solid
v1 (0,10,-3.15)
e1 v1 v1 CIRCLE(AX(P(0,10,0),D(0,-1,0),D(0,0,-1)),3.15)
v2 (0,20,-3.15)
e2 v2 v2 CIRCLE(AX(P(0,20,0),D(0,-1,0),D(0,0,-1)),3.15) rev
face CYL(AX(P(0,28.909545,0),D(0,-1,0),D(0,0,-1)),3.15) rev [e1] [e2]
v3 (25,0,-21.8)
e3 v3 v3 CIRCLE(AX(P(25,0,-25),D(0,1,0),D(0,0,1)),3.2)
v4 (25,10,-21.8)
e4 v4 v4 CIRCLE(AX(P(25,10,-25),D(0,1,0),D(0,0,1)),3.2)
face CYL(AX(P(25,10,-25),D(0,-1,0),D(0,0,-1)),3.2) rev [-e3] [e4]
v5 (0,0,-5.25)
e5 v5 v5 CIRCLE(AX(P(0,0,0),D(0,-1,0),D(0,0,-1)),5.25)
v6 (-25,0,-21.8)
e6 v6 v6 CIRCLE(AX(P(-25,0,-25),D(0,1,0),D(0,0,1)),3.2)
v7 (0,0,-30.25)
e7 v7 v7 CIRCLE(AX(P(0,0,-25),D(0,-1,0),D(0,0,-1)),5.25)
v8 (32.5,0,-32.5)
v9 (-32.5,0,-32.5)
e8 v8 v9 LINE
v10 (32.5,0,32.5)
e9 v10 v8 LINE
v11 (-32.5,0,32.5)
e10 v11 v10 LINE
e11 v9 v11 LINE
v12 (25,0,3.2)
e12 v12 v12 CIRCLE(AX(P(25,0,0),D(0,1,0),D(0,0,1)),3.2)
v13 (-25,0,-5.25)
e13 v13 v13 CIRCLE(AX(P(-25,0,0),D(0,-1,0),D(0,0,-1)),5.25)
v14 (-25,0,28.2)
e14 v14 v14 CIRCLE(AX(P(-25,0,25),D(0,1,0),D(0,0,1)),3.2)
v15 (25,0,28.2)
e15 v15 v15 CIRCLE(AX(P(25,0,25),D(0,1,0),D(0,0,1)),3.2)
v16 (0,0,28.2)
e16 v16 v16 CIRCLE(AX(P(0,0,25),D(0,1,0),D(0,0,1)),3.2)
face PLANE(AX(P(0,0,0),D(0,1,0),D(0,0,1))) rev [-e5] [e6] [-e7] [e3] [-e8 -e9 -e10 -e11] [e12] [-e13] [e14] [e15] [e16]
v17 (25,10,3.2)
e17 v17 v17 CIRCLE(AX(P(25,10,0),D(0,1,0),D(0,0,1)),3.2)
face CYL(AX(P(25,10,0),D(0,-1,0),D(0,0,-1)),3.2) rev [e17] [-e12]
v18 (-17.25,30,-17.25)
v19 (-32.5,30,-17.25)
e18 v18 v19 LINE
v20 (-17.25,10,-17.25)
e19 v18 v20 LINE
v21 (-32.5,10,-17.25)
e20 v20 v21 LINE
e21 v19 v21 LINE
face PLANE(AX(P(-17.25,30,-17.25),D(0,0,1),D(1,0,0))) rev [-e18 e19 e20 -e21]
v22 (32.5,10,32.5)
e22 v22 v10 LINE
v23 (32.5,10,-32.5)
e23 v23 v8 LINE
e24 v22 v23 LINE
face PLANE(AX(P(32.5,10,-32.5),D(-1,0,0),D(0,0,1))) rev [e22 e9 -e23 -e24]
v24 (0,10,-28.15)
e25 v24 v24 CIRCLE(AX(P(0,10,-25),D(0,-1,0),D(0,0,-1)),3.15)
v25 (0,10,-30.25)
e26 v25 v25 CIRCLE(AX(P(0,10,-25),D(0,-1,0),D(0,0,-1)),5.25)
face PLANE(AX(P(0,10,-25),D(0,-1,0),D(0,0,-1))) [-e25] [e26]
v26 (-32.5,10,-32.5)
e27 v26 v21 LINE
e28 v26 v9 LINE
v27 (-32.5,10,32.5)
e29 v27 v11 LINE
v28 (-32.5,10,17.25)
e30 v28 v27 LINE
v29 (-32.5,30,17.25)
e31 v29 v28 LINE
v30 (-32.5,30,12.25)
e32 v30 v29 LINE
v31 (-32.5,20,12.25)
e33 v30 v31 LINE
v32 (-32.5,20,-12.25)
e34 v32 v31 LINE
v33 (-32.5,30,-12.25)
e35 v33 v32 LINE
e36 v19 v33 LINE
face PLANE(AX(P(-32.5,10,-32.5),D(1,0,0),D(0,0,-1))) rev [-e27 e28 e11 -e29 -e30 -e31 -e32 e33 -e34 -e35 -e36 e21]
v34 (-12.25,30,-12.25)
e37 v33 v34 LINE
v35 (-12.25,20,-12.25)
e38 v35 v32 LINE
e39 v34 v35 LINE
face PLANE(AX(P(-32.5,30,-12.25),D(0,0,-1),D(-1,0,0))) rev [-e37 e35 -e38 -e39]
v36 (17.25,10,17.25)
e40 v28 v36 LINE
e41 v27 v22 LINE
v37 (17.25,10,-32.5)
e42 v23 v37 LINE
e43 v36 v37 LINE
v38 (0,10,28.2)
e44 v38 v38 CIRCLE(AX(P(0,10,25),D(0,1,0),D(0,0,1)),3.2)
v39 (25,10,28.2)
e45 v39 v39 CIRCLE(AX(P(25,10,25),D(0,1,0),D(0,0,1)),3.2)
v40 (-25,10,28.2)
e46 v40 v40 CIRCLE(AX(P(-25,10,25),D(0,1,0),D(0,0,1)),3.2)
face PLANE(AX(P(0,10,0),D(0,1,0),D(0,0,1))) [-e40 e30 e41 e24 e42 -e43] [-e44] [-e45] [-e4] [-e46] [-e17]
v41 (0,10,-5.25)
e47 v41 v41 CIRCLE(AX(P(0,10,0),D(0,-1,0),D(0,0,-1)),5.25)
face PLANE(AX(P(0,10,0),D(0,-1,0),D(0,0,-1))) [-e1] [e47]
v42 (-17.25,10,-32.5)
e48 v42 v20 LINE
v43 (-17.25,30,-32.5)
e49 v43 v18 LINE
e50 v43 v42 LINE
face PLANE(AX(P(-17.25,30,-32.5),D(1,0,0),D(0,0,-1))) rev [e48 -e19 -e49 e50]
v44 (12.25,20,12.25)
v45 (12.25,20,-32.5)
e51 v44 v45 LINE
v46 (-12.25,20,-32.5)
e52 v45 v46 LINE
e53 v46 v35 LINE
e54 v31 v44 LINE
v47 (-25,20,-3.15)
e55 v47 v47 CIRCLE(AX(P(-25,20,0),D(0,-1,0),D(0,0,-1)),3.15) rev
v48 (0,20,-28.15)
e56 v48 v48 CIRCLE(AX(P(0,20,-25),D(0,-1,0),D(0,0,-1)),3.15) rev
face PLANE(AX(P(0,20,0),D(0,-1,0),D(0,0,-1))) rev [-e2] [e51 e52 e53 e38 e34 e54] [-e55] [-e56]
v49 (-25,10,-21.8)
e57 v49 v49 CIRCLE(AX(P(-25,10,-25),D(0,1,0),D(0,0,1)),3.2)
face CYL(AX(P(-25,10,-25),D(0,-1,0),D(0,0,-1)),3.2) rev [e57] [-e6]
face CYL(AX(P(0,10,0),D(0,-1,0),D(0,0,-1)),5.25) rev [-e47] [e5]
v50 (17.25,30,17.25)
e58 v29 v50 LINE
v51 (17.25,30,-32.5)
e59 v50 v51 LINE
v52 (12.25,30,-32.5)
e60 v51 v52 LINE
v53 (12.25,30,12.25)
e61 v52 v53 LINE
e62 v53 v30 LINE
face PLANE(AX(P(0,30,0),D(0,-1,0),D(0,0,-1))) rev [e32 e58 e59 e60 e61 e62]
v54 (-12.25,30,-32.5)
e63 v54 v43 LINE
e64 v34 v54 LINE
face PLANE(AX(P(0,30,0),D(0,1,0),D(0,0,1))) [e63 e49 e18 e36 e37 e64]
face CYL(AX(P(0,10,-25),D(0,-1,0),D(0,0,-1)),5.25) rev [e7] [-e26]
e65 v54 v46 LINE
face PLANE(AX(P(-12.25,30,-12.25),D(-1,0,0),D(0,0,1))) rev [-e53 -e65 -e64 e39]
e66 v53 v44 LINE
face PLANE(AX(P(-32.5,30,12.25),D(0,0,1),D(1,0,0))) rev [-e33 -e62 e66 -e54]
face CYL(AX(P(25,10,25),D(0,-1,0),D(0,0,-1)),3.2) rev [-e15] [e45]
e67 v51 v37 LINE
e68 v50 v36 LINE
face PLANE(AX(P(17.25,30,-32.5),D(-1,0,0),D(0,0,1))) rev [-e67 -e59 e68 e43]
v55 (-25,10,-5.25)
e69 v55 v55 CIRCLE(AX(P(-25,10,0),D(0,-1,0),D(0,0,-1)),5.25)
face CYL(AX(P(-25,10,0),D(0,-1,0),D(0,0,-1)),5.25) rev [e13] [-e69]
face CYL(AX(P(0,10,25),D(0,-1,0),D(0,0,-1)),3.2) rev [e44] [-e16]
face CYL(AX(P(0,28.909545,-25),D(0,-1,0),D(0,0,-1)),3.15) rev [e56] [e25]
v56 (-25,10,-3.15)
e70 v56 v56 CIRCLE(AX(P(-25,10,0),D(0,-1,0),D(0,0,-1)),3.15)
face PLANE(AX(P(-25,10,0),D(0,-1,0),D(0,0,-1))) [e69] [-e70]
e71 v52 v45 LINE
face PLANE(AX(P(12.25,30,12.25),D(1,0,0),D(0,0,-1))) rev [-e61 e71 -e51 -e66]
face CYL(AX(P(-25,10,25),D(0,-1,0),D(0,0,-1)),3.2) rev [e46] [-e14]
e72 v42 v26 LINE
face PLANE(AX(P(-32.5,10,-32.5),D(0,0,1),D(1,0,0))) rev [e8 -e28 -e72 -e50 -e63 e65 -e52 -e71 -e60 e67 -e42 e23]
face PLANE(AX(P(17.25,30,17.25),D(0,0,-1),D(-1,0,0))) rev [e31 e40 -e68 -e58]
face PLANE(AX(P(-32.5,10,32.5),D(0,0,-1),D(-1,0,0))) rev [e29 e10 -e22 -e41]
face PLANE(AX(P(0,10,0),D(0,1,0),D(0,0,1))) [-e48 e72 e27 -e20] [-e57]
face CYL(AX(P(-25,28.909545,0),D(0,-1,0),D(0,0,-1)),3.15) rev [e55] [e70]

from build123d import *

# Parameters (mm, degrees)
SKETCH_1_W          = 65
SKETCH_1_H          = 65
SKETCH_1_R          = 3.2
EXTRUDE_1_DEPTH     = 10
EXTRUDE_3_DEPTH     = 10
SKETCH_4_R          = 5.25
CUT_EXTRUDE_1_DEPTH = 10
SKETCH_5_R          = 3.15
CUT_EXTRUDE_2_DEPTH = 20
EXTRUDE_4_DEPTH     = 20


with BuildPart() as part:
    # 스케치1 → 보스-돌출1 (new body)
    with BuildSketch(Plane(origin=(0, 0, 0), x_dir=(1, 0, 0), z_dir=(0, 1, 0))):
        Rectangle(SKETCH_1_W, SKETCH_1_H)
        with Locations((25, 0)):
            Circle(SKETCH_1_R, mode=Mode.SUBTRACT)
        with Locations((0, -25)):
            Circle(SKETCH_1_R, mode=Mode.SUBTRACT)
        with Locations((25, 25)):
            Circle(SKETCH_1_R, mode=Mode.SUBTRACT)
        with Locations((-25, 25)):
            Circle(SKETCH_1_R, mode=Mode.SUBTRACT)
        with Locations((25, -25)):
            Circle(SKETCH_1_R, mode=Mode.SUBTRACT)
        with Locations((-25, -25)):
            Circle(SKETCH_1_R, mode=Mode.SUBTRACT)
    extrude(amount=EXTRUDE_1_DEPTH)

    # 스케치2 → 보스-돌출3 (add)
    with BuildSketch(Plane(origin=(0, 10, 0), x_dir=(1, 0, 0), z_dir=(0, 1, 0))):
        Polygon((-32.5, -12.25), (12.25, -12.25), (12.25, 32.5), (-12.25, 32.5), (-12.25, 12.25), (-32.5, 12.25), align=None)
    extrude(amount=EXTRUDE_3_DEPTH)

    # 스케치4 → 컷-돌출1 (cut)
    with BuildSketch(Plane.XZ):
        Circle(SKETCH_4_R)
        with Locations((-25, 0)):
            Circle(SKETCH_4_R)
        with Locations((0, -25)):
            Circle(SKETCH_4_R)
    extrude(amount=-CUT_EXTRUDE_1_DEPTH, mode=Mode.SUBTRACT)

    # 스케치5 → 컷-돌출2 (cut)
    with BuildSketch(Plane.XZ):
        Circle(SKETCH_5_R)
        with Locations((0, -25)):
            Circle(SKETCH_5_R)
        with Locations((-25, 0)):
            Circle(SKETCH_5_R)
    extrude(amount=-CUT_EXTRUDE_2_DEPTH, mode=Mode.SUBTRACT)

    # 스케치6 → 보스-돌출4 (add)
    with BuildSketch(Plane(origin=(0, 10, 0), x_dir=(1, 0, 0), z_dir=(0, 1, 0))):
        Polygon((-12.25, 32.5), (-17.25, 32.5), (-17.25, 17.25), (-32.5, 17.25), (-32.5, 12.25), (-12.25, 12.25), align=None)
        Polygon((12.25, 32.5), (17.25, 32.5), (17.25, -17.25), (-32.5, -17.25), (-32.5, -12.25), (12.25, -12.25), align=None)
    extrude(amount=EXTRUDE_4_DEPTH)


solid = part.part
